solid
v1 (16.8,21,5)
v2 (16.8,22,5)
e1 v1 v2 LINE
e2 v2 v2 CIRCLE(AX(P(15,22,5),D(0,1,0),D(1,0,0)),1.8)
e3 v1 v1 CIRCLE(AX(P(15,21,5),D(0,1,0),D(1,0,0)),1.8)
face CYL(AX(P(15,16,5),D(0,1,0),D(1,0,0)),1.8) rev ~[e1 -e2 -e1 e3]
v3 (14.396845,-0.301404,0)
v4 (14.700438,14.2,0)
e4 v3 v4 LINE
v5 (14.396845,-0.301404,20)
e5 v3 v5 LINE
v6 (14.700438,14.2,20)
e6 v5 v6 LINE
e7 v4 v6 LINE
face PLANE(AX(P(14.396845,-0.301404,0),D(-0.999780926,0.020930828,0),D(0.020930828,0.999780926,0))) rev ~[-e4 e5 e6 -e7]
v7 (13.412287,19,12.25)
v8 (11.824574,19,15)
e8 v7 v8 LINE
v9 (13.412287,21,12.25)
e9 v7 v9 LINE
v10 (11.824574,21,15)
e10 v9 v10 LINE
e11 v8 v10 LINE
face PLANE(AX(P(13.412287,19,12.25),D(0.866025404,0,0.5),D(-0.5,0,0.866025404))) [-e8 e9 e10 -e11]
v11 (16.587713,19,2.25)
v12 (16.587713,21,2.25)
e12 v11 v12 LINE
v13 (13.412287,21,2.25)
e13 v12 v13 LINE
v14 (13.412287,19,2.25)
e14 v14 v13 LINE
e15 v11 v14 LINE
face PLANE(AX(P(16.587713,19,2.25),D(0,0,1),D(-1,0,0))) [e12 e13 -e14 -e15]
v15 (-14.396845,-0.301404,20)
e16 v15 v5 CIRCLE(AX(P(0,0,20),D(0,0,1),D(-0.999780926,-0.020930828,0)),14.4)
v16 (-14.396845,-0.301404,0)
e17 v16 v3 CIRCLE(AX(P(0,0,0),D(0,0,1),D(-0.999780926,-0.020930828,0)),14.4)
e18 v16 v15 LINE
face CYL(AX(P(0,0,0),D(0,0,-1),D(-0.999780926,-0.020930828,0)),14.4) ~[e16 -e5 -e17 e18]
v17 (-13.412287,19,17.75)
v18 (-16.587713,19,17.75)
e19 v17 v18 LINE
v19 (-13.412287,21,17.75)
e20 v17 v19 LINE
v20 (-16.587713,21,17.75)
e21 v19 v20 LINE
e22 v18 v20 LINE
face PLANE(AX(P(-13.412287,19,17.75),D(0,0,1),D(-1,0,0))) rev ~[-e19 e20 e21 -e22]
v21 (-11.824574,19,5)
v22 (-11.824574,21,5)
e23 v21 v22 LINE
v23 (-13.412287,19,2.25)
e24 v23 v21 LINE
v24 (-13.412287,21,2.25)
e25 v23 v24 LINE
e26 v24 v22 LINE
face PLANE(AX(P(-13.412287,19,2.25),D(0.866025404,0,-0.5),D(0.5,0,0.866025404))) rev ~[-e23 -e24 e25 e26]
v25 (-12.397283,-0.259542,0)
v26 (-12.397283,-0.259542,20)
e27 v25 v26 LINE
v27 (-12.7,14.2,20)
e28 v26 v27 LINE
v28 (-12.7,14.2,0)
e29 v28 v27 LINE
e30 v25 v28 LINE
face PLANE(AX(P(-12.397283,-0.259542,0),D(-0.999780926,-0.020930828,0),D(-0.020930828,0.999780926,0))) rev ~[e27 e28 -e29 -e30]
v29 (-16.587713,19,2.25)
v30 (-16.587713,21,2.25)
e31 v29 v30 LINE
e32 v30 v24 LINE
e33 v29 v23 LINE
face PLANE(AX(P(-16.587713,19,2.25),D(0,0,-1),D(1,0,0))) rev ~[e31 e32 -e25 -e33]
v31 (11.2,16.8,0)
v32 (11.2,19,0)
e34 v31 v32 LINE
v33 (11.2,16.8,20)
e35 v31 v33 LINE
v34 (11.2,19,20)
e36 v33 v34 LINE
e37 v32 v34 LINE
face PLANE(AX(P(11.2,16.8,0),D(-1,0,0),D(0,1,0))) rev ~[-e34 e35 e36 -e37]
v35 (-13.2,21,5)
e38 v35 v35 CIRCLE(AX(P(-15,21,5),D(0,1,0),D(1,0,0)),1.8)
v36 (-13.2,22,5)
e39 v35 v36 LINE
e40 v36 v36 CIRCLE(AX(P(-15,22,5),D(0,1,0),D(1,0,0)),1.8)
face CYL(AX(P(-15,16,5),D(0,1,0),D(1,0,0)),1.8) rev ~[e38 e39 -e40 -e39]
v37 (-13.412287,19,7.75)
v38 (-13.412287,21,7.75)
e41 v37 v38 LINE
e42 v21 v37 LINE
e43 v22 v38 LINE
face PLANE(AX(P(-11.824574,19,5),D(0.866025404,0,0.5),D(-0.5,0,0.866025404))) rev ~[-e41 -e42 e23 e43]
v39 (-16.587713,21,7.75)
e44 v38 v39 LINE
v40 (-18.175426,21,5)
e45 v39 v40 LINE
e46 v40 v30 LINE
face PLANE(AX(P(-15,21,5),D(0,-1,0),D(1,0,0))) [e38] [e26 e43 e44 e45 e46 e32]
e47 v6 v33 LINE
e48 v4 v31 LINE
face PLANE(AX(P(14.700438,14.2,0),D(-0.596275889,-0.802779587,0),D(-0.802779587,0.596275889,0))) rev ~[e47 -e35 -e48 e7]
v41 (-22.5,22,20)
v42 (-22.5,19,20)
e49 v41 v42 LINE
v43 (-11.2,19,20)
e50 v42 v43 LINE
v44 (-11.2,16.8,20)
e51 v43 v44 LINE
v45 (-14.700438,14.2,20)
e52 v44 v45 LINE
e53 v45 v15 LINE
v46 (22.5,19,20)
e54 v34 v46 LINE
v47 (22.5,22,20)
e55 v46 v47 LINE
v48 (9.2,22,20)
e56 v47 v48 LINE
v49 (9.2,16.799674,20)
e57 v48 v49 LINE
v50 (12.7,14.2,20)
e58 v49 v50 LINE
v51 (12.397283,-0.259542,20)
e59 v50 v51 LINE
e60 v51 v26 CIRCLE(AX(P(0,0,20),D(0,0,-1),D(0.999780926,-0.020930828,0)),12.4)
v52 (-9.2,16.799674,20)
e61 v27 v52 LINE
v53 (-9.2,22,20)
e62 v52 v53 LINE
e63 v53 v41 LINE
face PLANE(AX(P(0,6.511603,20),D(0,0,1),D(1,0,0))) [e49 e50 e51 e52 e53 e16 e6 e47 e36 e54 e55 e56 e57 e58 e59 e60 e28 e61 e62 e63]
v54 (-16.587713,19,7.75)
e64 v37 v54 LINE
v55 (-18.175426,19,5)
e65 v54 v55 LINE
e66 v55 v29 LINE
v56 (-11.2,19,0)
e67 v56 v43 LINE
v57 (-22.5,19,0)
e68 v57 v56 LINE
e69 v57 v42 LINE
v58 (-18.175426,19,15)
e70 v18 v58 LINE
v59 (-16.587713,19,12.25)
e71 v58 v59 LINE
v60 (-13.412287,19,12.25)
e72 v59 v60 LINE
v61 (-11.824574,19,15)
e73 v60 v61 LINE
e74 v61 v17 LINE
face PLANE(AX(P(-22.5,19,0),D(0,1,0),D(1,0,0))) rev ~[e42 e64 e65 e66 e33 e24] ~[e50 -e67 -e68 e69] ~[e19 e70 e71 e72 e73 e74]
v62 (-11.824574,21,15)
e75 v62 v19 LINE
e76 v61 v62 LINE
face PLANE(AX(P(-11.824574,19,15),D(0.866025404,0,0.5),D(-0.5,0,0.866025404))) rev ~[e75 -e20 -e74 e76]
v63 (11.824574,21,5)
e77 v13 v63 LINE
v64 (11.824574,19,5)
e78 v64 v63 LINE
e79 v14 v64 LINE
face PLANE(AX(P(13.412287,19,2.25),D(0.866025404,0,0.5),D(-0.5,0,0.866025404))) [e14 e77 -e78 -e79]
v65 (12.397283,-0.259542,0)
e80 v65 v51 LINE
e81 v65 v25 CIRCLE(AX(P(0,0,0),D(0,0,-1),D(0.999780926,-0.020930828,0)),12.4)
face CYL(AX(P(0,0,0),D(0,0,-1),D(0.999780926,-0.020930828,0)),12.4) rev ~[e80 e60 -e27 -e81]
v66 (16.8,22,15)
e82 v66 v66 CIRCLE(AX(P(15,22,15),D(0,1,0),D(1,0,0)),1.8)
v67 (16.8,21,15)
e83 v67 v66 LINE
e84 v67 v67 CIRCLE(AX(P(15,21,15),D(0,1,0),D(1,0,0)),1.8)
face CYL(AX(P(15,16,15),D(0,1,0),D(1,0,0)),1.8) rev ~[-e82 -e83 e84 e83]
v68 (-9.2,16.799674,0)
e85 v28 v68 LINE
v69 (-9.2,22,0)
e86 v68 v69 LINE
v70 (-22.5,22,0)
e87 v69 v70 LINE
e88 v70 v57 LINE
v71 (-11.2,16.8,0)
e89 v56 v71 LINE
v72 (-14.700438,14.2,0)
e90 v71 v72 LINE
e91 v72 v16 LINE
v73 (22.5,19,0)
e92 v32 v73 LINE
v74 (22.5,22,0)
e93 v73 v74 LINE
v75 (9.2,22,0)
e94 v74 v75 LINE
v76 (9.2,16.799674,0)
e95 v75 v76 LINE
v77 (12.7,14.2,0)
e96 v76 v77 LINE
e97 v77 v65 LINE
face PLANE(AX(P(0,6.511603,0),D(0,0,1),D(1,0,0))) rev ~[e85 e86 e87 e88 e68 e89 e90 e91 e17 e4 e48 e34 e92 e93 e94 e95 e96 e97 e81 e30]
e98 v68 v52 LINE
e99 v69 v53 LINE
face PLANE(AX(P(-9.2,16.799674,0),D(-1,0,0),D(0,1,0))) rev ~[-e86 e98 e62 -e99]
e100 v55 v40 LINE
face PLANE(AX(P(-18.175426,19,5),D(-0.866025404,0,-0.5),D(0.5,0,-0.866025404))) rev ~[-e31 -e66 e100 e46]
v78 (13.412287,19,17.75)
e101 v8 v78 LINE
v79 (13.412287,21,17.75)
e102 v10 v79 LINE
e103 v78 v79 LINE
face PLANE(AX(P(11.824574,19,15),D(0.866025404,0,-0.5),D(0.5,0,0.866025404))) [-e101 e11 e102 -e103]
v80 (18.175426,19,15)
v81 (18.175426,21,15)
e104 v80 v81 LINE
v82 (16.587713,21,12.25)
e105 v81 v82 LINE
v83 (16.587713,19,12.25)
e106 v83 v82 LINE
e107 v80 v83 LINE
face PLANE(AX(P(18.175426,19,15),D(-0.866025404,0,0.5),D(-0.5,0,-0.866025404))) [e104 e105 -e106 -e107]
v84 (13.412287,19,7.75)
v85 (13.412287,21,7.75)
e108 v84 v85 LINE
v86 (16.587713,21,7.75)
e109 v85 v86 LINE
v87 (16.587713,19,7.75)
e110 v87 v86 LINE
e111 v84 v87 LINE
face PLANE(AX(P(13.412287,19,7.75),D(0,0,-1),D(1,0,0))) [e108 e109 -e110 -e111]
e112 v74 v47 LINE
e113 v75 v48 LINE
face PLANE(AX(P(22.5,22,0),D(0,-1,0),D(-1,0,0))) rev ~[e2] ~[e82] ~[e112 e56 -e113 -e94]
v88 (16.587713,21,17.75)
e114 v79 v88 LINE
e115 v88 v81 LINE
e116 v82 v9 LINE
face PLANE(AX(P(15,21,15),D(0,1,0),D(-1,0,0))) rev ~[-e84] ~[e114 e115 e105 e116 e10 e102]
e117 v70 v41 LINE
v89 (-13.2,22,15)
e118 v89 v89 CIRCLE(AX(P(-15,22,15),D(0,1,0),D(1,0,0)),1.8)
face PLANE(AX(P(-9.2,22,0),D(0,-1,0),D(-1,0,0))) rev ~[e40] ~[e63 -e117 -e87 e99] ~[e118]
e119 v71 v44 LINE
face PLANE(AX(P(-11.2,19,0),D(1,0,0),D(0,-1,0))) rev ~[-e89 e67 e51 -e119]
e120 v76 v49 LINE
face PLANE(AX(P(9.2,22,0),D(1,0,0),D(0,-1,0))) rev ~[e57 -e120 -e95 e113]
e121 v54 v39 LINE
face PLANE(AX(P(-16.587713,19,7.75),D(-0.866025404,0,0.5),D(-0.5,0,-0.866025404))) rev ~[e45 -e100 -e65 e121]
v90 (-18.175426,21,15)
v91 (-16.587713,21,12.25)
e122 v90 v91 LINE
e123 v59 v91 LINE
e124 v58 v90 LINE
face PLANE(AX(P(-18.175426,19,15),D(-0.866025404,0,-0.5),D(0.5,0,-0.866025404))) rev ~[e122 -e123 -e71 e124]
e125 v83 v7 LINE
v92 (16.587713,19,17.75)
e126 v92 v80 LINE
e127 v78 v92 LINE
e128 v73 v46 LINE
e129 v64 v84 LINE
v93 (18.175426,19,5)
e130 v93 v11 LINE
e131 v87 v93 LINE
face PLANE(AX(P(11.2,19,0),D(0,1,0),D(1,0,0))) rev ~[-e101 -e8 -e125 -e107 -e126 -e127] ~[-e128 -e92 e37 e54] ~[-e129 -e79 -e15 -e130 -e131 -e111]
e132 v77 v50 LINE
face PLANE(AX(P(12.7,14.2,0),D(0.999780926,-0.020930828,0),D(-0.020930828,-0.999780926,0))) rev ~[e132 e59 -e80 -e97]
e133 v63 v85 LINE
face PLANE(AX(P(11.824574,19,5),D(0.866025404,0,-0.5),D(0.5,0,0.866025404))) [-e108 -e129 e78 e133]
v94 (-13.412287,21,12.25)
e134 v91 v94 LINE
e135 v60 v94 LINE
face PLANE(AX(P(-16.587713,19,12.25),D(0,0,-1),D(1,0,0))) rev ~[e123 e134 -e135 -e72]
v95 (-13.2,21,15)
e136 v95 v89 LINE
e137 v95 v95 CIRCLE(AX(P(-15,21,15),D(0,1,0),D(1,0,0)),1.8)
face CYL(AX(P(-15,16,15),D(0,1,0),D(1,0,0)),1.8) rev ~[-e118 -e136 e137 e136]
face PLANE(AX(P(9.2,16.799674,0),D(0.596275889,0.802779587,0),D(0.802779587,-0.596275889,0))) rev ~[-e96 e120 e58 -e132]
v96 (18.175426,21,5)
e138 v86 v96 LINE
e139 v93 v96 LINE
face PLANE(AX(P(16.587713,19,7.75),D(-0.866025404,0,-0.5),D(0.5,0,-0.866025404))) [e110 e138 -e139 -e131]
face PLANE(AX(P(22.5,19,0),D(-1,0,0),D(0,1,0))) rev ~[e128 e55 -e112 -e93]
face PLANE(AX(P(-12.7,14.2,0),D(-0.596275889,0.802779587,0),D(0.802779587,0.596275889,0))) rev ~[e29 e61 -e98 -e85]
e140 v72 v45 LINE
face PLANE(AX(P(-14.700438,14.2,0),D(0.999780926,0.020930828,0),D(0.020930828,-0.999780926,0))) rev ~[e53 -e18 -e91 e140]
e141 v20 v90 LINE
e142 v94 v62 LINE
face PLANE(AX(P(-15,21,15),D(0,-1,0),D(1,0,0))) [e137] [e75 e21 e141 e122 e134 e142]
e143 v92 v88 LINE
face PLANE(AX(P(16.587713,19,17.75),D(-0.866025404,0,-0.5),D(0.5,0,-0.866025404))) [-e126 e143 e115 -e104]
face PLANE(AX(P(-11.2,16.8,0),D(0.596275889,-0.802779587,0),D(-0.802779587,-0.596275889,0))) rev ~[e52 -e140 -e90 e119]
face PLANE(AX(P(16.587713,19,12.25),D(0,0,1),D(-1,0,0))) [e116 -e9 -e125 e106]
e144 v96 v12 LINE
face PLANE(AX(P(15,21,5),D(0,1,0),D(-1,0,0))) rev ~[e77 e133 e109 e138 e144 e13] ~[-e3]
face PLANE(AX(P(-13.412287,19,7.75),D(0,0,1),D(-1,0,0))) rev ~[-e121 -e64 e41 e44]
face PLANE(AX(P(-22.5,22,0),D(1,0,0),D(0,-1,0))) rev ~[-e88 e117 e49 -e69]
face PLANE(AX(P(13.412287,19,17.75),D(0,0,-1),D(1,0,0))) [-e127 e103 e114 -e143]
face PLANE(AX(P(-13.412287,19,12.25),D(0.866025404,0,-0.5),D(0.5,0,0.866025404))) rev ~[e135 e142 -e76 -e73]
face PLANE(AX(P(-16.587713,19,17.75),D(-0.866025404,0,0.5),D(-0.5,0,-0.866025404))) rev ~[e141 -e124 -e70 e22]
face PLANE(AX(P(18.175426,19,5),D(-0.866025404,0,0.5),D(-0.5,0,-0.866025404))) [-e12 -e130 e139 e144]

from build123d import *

# Parameters (mm, degrees)
BOSS_EXTRUDE1_DEPTH      = 20
CUT_EXTRUDE1_DEPTH       = 2
M3_CLEARANCE_HOLE1_D     = 3.6
M3_CLEARANCE_HOLE1_DEPTH = 3


with BuildPart() as part:
    # Sketch1 → Boss-Extrude1 (new body)
    with BuildSketch(Plane.XY):
        with BuildLine():
            Line((-22.5, 19), (-11.2, 19))
            Line((-11.2, 19), (-11.2, 16.8))
            Line((-11.2, 16.8), (-14.700438244, 14.2))
            Line((-14.700438244, 14.2), (-14.396845337, -0.301403929))
            ThreePointArc((-14.396845337, -0.301403929), (0, -14.4), (14.396845337, -0.301403929))
            Line((14.396845337, -0.301403929), (14.700438244, 14.2))
            Line((14.700438244, 14.2), (11.2, 16.8))
            Line((11.2, 16.8), (11.2, 19))
            Line((11.2, 19), (22.5, 19))
            Line((22.5, 19), (22.5, 22))
            Line((22.5, 22), (9.2, 22))
            Line((9.2, 22), (9.2, 16.799674488))
            Line((9.2, 16.799674488), (12.7, 14.2))
            Line((12.7, 14.2), (12.397283485, -0.259542272))
            ThreePointArc((12.397283485, -0.259542272), (0, -12.4), (-12.397283485, -0.259542272))
            Line((-12.397283485, -0.259542272), (-12.7, 14.2))
            Line((-12.7, 14.2), (-9.2, 16.799674488))
            Line((-9.2, 16.799674488), (-9.2, 22))
            Line((-9.2, 22), (-22.5, 22))
            Line((-22.5, 22), (-22.5, 19))
        make_face()
    extrude(amount=BOSS_EXTRUDE1_DEPTH)

    # Sketch4 → Cut-Extrude1 (cut)
    with BuildSketch(Plane.XZ.offset(-19)):
        Polygon((-13.41228676, 2.25), (-11.824573519, 5), (-13.41228676, 7.75), (-16.58771324, 7.75), (-18.175426481, 5), (-16.58771324, 2.25), align=None)
        Polygon((-11.824573519, 15), (-13.41228676, 17.75), (-16.58771324, 17.75), (-18.175426481, 15), (-16.58771324, 12.25), (-13.41228676, 12.25), align=None)
        Polygon((13.41228676, 12.25), (11.824573519, 15), (13.41228676, 17.75), (16.58771324, 17.75), (18.175426481, 15), (16.58771324, 12.25), align=None)
        Polygon((16.58771324, 2.25), (13.41228676, 2.25), (11.824573519, 5), (13.41228676, 7.75), (16.58771324, 7.75), (18.175426481, 5), align=None)
    extrude(amount=-CUT_EXTRUDE1_DEPTH, mode=Mode.SUBTRACT)

    # M3 Clearance Hole1
    with Locations(Plane(origin=(0, 19, 0), x_dir=(-1, 0, 0), z_dir=(0, -1, 0))):
        with Locations((-15, -15), (15, -15), (-15, -5), (15, -5)):
            Hole(M3_CLEARANCE_HOLE1_D / 2, depth=M3_CLEARANCE_HOLE1_DEPTH)


solid = part.part
